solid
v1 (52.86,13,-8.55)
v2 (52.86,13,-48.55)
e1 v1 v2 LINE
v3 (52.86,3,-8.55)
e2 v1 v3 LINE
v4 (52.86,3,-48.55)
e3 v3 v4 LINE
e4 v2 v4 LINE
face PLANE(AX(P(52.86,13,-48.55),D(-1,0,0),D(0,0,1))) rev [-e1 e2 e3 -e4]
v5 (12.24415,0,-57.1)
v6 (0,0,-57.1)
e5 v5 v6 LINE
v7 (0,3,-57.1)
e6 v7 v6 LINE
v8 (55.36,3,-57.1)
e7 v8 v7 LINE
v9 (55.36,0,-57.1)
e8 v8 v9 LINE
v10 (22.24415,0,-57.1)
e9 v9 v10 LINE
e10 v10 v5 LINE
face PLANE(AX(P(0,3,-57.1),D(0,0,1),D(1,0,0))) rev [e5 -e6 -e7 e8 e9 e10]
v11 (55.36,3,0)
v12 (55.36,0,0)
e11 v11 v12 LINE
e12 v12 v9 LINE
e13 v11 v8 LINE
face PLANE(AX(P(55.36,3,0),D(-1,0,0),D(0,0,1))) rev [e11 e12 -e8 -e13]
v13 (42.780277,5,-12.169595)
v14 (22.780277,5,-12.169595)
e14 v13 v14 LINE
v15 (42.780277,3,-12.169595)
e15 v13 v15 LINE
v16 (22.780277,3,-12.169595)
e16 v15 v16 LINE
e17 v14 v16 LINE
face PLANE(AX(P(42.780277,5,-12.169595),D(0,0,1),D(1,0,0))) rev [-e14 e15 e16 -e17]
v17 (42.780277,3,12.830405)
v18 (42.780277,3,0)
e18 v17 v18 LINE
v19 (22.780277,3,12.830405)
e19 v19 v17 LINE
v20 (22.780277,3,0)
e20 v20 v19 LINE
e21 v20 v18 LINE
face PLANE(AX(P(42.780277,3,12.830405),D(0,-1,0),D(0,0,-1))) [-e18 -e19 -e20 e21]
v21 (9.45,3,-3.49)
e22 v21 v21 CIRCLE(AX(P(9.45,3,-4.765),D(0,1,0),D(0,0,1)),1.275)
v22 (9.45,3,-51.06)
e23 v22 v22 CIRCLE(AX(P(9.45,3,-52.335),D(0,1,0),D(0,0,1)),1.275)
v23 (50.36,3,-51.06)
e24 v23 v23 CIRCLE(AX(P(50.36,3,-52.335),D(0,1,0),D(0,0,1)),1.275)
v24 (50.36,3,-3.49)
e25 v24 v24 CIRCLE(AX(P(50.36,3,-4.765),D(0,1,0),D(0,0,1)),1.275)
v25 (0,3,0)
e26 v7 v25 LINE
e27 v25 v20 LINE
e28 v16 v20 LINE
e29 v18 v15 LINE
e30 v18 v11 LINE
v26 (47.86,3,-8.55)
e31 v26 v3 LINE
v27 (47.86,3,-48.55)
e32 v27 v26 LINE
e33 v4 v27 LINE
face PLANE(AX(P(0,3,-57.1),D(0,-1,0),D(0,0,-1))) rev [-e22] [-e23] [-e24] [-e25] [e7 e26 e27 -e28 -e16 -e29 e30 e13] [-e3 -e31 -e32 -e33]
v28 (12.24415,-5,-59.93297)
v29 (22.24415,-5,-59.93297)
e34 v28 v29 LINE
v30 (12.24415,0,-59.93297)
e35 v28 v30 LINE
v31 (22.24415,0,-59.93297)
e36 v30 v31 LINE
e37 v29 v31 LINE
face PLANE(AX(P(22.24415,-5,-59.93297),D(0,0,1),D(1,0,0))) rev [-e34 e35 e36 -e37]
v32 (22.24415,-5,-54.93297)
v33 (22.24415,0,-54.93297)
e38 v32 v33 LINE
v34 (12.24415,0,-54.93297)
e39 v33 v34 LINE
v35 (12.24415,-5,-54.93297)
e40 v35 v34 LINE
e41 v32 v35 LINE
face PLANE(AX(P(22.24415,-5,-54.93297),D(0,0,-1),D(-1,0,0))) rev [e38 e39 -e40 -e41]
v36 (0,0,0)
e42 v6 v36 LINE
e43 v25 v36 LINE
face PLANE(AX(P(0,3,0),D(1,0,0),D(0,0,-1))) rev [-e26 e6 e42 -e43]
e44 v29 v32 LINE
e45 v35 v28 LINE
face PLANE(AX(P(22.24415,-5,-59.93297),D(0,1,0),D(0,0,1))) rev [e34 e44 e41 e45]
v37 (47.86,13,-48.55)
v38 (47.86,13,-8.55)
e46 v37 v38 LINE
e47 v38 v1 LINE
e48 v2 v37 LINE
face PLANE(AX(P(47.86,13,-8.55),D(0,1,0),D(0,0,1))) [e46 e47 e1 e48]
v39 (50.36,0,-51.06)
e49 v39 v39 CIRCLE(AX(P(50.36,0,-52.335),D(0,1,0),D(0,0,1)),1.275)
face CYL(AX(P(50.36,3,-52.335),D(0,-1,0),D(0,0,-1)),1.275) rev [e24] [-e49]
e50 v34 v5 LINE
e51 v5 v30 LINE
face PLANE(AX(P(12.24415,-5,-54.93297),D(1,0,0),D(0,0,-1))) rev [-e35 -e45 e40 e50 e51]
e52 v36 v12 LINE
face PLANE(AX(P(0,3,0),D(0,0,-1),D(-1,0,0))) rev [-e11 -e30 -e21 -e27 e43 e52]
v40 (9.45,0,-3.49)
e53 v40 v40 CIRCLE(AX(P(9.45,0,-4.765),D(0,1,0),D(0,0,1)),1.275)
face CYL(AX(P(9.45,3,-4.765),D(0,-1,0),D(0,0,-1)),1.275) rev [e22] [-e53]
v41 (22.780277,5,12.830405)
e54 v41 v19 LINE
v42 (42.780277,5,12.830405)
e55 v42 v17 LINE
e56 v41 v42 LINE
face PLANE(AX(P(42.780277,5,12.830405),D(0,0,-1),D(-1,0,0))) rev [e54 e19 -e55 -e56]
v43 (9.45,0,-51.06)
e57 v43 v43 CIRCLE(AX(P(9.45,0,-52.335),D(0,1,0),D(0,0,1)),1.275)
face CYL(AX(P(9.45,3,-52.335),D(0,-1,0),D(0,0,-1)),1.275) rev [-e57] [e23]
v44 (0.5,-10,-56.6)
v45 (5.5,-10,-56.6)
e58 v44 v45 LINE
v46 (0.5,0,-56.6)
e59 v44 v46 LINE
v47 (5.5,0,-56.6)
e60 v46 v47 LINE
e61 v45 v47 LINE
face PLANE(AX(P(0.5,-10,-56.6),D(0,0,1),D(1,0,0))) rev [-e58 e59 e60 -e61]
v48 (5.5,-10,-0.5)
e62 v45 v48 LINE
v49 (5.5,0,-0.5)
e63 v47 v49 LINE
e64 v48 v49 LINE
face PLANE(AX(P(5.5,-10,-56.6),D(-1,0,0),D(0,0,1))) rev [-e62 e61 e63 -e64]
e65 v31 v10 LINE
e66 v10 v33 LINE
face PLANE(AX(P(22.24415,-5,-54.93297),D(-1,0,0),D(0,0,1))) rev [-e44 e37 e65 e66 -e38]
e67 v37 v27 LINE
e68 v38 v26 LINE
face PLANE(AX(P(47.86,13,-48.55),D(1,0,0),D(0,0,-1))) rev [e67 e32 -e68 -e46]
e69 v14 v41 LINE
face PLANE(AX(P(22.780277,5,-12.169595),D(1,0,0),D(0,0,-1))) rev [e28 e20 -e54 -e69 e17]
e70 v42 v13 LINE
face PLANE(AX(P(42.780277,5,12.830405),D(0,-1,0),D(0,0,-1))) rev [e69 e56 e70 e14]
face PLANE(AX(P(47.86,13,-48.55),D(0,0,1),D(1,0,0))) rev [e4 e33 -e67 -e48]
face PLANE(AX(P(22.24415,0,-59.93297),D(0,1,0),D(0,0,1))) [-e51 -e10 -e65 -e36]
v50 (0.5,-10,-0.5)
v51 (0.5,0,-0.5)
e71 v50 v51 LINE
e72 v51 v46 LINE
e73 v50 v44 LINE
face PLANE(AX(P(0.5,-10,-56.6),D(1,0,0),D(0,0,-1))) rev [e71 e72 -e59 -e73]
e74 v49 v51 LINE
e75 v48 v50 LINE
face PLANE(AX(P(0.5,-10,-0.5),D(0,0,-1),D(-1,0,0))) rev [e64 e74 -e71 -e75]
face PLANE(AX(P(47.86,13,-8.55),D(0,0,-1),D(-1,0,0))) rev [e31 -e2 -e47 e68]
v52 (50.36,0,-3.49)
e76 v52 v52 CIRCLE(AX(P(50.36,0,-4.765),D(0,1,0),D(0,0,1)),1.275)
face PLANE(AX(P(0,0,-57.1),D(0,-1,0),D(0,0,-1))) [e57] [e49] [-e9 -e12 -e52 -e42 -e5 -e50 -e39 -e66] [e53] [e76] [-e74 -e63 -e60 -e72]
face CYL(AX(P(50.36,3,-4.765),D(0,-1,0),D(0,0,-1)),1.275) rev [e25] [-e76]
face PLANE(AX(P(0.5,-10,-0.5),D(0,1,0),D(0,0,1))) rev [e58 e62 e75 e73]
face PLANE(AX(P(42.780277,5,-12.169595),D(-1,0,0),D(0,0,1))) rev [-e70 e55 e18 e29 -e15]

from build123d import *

# Parameters (mm, degrees)
ESQUISSE1_W      = 55.36
ESQUISSE1_H      = 57.1
ESQUISSE1_R      = 1.275
EXTRUSION1_DEPTH = 3
ESQUISSE2_W      = 5
ESQUISSE2_H      = 40
EXTRUSION2_DEPTH = 10
ESQUISSE3_W      = 20
ESQUISSE3_H      = 25
EXTRUSION3_DEPTH = 2
ESQUISSE4_W      = 5
ESQUISSE4_H      = 56.1
EXTRUSION4_DEPTH = 10
ESQUISSE5_W      = 10
ESQUISSE5_H      = 5
EXTRUSION5_DEPTH = 5


with BuildPart() as part:
    # Esquisse1 → Extrusion1 (new body)
    with BuildSketch(Plane(origin=(0, 0, 0), x_dir=(1, 0, 0), z_dir=(0, 1, 0))):
        with Locations((27.68, 28.55)):
            Rectangle(ESQUISSE1_W, ESQUISSE1_H)
        with Locations((9.45, 52.335)):
            Circle(ESQUISSE1_R, mode=Mode.SUBTRACT)
        with Locations((50.36, 52.335)):
            Circle(ESQUISSE1_R, mode=Mode.SUBTRACT)
        with Locations((9.45, 4.765)):
            Circle(ESQUISSE1_R, mode=Mode.SUBTRACT)
        with Locations((50.36, 4.765)):
            Circle(ESQUISSE1_R, mode=Mode.SUBTRACT)
    extrude(amount=EXTRUSION1_DEPTH)

    # Esquisse2 → Extrusion2 (add)
    with BuildSketch(Plane(origin=(0, 3, 0), x_dir=(1, 0, 0), z_dir=(0, 1, 0))):
        with Locations((50.36, 28.55)):
            Rectangle(ESQUISSE2_W, ESQUISSE2_H)
    extrude(amount=EXTRUSION2_DEPTH)

    # Esquisse3 → Extrusion3 (add)
    with BuildSketch(Plane(origin=(0, 3, 0), x_dir=(1, 0, 0), z_dir=(0, 1, 0))):
        with Locations((32.78027682, -0.33040493)):
            Rectangle(ESQUISSE3_W, ESQUISSE3_H)
    extrude(amount=EXTRUSION3_DEPTH)

    # Esquisse4 → Extrusion4 (add)
    with BuildSketch(Plane.XZ):
        with Locations((3, -28.55)):
            Rectangle(ESQUISSE4_W, ESQUISSE4_H)
    extrude(amount=EXTRUSION4_DEPTH)

    # Esquisse5 → Extrusion5 (add)
    with BuildSketch(Plane.XZ):
        with Locations((17.244150354, -57.432970226)):
            Rectangle(ESQUISSE5_W, ESQUISSE5_H)
    extrude(amount=EXTRUSION5_DEPTH)


solid = part.part
